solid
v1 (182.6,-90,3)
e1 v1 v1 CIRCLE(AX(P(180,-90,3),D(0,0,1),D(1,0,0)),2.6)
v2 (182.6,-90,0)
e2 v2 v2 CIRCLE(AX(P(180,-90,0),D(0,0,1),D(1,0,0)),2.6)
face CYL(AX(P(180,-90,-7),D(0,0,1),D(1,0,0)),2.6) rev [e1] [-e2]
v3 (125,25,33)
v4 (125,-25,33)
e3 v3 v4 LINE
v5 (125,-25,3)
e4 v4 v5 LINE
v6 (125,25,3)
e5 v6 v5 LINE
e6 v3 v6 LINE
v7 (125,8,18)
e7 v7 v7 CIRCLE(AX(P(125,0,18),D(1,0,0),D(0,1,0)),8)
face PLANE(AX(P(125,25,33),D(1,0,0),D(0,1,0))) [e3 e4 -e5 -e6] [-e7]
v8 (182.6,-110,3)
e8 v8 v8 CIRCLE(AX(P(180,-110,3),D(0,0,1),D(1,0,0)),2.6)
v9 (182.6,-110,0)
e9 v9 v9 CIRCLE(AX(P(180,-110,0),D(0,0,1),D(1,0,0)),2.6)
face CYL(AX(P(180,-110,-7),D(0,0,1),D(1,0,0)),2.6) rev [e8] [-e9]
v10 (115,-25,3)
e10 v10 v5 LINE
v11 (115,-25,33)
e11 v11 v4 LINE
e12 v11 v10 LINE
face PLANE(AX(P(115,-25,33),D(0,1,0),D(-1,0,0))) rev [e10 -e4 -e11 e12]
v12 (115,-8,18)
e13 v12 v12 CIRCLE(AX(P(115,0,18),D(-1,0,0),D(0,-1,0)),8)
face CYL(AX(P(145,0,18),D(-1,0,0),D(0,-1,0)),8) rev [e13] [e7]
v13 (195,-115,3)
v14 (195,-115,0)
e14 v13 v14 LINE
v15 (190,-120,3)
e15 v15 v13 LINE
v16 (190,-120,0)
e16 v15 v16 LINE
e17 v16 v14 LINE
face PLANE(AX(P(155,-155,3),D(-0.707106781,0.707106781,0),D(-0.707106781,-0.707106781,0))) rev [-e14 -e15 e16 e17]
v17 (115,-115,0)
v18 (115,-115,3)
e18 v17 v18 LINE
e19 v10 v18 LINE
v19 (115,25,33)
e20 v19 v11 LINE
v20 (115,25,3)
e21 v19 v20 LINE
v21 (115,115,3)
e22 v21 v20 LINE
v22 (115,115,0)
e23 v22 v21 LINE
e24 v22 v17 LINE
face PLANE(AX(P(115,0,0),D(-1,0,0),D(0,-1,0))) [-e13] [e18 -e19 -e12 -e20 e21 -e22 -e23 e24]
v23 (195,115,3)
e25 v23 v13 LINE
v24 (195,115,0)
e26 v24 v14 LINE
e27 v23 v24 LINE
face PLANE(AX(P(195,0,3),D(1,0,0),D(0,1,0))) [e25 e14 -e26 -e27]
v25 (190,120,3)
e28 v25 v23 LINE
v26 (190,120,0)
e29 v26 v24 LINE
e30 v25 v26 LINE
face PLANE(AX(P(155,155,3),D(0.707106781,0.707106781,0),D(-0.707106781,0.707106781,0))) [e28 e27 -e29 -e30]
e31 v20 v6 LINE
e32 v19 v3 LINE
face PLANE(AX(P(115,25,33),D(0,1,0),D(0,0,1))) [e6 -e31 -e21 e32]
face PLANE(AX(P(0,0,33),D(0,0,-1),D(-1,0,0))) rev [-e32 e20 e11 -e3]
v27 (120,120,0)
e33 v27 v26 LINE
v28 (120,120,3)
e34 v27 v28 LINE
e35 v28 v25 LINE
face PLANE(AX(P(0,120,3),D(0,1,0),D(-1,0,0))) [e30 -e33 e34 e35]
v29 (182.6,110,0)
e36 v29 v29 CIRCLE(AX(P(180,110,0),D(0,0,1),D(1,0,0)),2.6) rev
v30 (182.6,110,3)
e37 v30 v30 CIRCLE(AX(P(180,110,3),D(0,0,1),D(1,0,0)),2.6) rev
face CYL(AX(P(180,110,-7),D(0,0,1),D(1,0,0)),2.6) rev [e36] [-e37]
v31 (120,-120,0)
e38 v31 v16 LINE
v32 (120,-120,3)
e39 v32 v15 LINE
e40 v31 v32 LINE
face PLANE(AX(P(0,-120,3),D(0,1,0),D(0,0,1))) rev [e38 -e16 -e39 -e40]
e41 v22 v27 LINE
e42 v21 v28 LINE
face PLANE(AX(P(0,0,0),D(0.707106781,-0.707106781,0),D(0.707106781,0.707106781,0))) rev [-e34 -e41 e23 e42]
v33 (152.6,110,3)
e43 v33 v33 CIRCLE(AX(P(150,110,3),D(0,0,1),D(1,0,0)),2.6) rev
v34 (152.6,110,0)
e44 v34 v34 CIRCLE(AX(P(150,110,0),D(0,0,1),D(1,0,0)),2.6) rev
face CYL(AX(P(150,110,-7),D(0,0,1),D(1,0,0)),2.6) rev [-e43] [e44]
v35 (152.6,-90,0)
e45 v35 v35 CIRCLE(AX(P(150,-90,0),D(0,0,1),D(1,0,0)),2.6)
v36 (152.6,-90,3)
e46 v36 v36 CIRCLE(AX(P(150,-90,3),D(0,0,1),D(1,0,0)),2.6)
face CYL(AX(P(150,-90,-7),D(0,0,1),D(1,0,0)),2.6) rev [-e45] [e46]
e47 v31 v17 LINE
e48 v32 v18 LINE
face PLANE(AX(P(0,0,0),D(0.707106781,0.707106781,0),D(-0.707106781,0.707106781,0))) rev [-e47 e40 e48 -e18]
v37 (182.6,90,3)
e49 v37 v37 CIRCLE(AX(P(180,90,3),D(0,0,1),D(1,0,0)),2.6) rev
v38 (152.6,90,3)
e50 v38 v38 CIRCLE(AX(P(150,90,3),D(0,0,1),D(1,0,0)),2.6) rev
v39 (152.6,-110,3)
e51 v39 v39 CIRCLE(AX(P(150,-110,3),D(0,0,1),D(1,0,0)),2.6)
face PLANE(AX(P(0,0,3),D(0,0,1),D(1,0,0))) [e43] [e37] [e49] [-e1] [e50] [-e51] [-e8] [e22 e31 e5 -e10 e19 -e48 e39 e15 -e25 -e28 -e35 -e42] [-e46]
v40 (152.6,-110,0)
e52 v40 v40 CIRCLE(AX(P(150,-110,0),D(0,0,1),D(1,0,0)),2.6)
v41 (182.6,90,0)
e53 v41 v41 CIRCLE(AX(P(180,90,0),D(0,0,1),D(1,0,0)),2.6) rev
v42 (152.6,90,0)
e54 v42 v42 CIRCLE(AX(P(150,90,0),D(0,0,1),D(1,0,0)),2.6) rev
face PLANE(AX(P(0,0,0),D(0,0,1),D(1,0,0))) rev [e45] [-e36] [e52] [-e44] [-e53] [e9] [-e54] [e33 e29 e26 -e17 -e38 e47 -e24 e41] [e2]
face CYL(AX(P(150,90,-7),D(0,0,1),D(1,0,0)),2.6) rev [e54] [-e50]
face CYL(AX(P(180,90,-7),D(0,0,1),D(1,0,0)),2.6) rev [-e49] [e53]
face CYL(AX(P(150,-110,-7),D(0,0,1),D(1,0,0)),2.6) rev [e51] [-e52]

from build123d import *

# Parameters (mm, degrees)
SKETCH_1_R          = 3
SKETCH_1_W          = 90
SKETCH_1_H          = 120
SKETCH_1_R_2        = 10
SKETCH_1_R_3        = 7.5
EXTRUDE_2_DEPTH     = 3
EXTRUDE_START       = -3
SKETCH_2_R          = 10
SKETCH_2_R_2        = 7.5
EXTRUDE_3_DEPTH     = 3
CUT_EXTRUDE_START   = -3
SKETCH_3_R          = 3
SKETCH_3_W          = 90
SKETCH_3_H          = 120
CUT_EXTRUDE_2_DEPTH = 3
SKETCH_4_W          = 10
SKETCH_4_H          = 50
EXTRUDE_4_DEPTH     = 30
SKETCH_5_R          = 8
CUT_EXTRUDE_3_DEPTH = 30
SKETCH_6_R          = 2.6
CUT_EXTRUDE_5_DEPTH = 10


with BuildPart() as part:
    # 草图1 → 凸台-拉伸2 (new body)
    # profile 1 of 9: a face of its own
    with BuildSketch(Plane.XY):
        Polygon((195, -115), (195, 115), (190, 115), (190, 120), (115, 120), (115, 75), (75, 75), (-90, 75), (-130, 75), (-130, 120), (-175, 120), (-175, 90), (-195, 90), (-195, -90), (-175, -90), (-175, -120), (-130, -120), (-130, -75), (-90, -75), (75, -75), (115, -75), (115, -120), (190, -120), (190, -115), align=None)
        with Locations((-184.089468205, -70)):
            Circle(SKETCH_1_R, mode=Mode.SUBTRACT)
        with Locations((-87, -69)):
            Circle(SKETCH_1_R, mode=Mode.SUBTRACT)
        with Locations((-184.089468205, 70)):
            Circle(SKETCH_1_R, mode=Mode.SUBTRACT)
        with Locations((-87, 69)):
            Circle(SKETCH_1_R, mode=Mode.SUBTRACT)
        Rectangle(SKETCH_1_W, SKETCH_1_H, mode=Mode.SUBTRACT)
        with Locations((75, 0)):
            Circle(SKETCH_1_R_2, mode=Mode.SUBTRACT)
        with Locations((117.5, 0)):
            Circle(SKETCH_1_R_3, mode=Mode.SUBTRACT)
    # profile 2 of 9: a face of its own
    with BuildSketch(Plane.XY):
        Polygon((-130, 120), (-90, 75), (-130, 75), align=None)
    # profile 3 of 9: a face of its own
    with BuildSketch(Plane.XY):
        Polygon((-175, 120), (-175, 90), (-195, 90), align=None)
    # profile 4 of 9: a face of its own
    with BuildSketch(Plane.XY):
        Polygon((-175, -120), (-195, -90), (-175, -90), align=None)
    # profile 5 of 9: a face of its own
    with BuildSketch(Plane.XY):
        Polygon((-130, -120), (-130, -75), (-90, -75), align=None)
    # profile 6 of 9: a face of its own
    with BuildSketch(Plane.XY):
        Polygon((115, -120), (75, -75), (115, -75), align=None)
        with Locations((104.379549532, -93)):
            Circle(SKETCH_1_R, mode=Mode.SUBTRACT)
    # profile 7 of 9: a face of its own
    with BuildSketch(Plane.XY):
        Polygon((115, 120), (115, 75), (75, 75), align=None)
        with Locations((104.379549532, 93)):
            Circle(SKETCH_1_R, mode=Mode.SUBTRACT)
    # profile 8 of 9: a face of its own
    with BuildSketch(Plane.XY):
        Polygon((190, 120), (195, 115), (190, 115), align=None)
    # profile 9 of 9: a face of its own
    with BuildSketch(Plane.XY):
        Polygon((190, -115), (190, -120), (195, -115), align=None)
    extrude(amount=EXTRUDE_2_DEPTH)

    # 草图2 → 凸台-拉伸3 (add)
    with BuildSketch(Plane.XY.offset(3).offset(EXTRUDE_START)):
        with Locations((75, 0)):
            Circle(SKETCH_2_R)
        with Locations((117.5, 0)):
            Circle(SKETCH_2_R_2)
    extrude(amount=EXTRUDE_3_DEPTH)

    # 草图3 → 切除-拉伸2 (cut)
    # profile 1 of 3: a face of its own
    with BuildSketch(Plane.XY.offset(3).offset(CUT_EXTRUDE_START)):
        Polygon((115, 120), (115, -120), (75, -75), (-90, -75), (-130, -120), (-175, -120), (-195, -90), (-195, 90), (-175, 120), (-130, 120), (-90, 75), (75, 75), align=None)
        with Locations((-184.089468205, -70)):
            Circle(SKETCH_3_R, mode=Mode.SUBTRACT)
        with Locations((-87, 69)):
            Circle(SKETCH_3_R, mode=Mode.SUBTRACT)
        with Locations((104.379549532, 93)):
            Circle(SKETCH_3_R, mode=Mode.SUBTRACT)
        with Locations((104.379549532, -93)):
            Circle(SKETCH_3_R, mode=Mode.SUBTRACT)
        with Locations((-87, -69)):
            Circle(SKETCH_3_R, mode=Mode.SUBTRACT)
        with Locations((-184.089468205, 70)):
            Circle(SKETCH_3_R, mode=Mode.SUBTRACT)
        Rectangle(SKETCH_3_W, SKETCH_3_H, mode=Mode.SUBTRACT)
    # profile 2 of 3: a face of its own
    with BuildSketch(Plane.XY.offset(3).offset(CUT_EXTRUDE_START)):
        Polygon((120, -120), (115, -115), (115, -120), align=None)
    # profile 3 of 3: a face of its own
    with BuildSketch(Plane.XY.offset(3).offset(CUT_EXTRUDE_START)):
        Polygon((120, 120), (115, 120), (115, 115), align=None)
    extrude(amount=CUT_EXTRUDE_2_DEPTH, mode=Mode.SUBTRACT)

    # 草图4 → 凸台-拉伸4 (add)
    with BuildSketch(Plane.XY.offset(3)):
        with Locations((120, 0)):
            Rectangle(SKETCH_4_W, SKETCH_4_H)
    extrude(amount=EXTRUDE_4_DEPTH)

    # 草图5 → 切除-拉伸3 (cut)
    with BuildSketch(Plane.ZY.offset(-115)):
        with Locations(Location((18, 0, 0), (0, 0, 270))):
            Circle(SKETCH_5_R)
    extrude(amount=-CUT_EXTRUDE_3_DEPTH, mode=Mode.SUBTRACT)

    # 草图6 → 切除-拉伸5 (cut)
    with BuildSketch(Plane.XY.offset(3)):
        with Locations((150, 90)):
            Circle(SKETCH_6_R)
        with Locations((180, 90)):
            Circle(SKETCH_6_R)
        with Locations((180, 110)):
            Circle(SKETCH_6_R)
        with Locations((150, 110)):
            Circle(SKETCH_6_R)
        with Locations((150, -90)):
            Circle(SKETCH_6_R)
        with Locations((150, -110)):
            Circle(SKETCH_6_R)
        with Locations((180, -110)):
            Circle(SKETCH_6_R)
        with Locations((180, -90)):
            Circle(SKETCH_6_R)
    extrude(amount=-CUT_EXTRUDE_5_DEPTH, mode=Mode.SUBTRACT)


solid = part.part
